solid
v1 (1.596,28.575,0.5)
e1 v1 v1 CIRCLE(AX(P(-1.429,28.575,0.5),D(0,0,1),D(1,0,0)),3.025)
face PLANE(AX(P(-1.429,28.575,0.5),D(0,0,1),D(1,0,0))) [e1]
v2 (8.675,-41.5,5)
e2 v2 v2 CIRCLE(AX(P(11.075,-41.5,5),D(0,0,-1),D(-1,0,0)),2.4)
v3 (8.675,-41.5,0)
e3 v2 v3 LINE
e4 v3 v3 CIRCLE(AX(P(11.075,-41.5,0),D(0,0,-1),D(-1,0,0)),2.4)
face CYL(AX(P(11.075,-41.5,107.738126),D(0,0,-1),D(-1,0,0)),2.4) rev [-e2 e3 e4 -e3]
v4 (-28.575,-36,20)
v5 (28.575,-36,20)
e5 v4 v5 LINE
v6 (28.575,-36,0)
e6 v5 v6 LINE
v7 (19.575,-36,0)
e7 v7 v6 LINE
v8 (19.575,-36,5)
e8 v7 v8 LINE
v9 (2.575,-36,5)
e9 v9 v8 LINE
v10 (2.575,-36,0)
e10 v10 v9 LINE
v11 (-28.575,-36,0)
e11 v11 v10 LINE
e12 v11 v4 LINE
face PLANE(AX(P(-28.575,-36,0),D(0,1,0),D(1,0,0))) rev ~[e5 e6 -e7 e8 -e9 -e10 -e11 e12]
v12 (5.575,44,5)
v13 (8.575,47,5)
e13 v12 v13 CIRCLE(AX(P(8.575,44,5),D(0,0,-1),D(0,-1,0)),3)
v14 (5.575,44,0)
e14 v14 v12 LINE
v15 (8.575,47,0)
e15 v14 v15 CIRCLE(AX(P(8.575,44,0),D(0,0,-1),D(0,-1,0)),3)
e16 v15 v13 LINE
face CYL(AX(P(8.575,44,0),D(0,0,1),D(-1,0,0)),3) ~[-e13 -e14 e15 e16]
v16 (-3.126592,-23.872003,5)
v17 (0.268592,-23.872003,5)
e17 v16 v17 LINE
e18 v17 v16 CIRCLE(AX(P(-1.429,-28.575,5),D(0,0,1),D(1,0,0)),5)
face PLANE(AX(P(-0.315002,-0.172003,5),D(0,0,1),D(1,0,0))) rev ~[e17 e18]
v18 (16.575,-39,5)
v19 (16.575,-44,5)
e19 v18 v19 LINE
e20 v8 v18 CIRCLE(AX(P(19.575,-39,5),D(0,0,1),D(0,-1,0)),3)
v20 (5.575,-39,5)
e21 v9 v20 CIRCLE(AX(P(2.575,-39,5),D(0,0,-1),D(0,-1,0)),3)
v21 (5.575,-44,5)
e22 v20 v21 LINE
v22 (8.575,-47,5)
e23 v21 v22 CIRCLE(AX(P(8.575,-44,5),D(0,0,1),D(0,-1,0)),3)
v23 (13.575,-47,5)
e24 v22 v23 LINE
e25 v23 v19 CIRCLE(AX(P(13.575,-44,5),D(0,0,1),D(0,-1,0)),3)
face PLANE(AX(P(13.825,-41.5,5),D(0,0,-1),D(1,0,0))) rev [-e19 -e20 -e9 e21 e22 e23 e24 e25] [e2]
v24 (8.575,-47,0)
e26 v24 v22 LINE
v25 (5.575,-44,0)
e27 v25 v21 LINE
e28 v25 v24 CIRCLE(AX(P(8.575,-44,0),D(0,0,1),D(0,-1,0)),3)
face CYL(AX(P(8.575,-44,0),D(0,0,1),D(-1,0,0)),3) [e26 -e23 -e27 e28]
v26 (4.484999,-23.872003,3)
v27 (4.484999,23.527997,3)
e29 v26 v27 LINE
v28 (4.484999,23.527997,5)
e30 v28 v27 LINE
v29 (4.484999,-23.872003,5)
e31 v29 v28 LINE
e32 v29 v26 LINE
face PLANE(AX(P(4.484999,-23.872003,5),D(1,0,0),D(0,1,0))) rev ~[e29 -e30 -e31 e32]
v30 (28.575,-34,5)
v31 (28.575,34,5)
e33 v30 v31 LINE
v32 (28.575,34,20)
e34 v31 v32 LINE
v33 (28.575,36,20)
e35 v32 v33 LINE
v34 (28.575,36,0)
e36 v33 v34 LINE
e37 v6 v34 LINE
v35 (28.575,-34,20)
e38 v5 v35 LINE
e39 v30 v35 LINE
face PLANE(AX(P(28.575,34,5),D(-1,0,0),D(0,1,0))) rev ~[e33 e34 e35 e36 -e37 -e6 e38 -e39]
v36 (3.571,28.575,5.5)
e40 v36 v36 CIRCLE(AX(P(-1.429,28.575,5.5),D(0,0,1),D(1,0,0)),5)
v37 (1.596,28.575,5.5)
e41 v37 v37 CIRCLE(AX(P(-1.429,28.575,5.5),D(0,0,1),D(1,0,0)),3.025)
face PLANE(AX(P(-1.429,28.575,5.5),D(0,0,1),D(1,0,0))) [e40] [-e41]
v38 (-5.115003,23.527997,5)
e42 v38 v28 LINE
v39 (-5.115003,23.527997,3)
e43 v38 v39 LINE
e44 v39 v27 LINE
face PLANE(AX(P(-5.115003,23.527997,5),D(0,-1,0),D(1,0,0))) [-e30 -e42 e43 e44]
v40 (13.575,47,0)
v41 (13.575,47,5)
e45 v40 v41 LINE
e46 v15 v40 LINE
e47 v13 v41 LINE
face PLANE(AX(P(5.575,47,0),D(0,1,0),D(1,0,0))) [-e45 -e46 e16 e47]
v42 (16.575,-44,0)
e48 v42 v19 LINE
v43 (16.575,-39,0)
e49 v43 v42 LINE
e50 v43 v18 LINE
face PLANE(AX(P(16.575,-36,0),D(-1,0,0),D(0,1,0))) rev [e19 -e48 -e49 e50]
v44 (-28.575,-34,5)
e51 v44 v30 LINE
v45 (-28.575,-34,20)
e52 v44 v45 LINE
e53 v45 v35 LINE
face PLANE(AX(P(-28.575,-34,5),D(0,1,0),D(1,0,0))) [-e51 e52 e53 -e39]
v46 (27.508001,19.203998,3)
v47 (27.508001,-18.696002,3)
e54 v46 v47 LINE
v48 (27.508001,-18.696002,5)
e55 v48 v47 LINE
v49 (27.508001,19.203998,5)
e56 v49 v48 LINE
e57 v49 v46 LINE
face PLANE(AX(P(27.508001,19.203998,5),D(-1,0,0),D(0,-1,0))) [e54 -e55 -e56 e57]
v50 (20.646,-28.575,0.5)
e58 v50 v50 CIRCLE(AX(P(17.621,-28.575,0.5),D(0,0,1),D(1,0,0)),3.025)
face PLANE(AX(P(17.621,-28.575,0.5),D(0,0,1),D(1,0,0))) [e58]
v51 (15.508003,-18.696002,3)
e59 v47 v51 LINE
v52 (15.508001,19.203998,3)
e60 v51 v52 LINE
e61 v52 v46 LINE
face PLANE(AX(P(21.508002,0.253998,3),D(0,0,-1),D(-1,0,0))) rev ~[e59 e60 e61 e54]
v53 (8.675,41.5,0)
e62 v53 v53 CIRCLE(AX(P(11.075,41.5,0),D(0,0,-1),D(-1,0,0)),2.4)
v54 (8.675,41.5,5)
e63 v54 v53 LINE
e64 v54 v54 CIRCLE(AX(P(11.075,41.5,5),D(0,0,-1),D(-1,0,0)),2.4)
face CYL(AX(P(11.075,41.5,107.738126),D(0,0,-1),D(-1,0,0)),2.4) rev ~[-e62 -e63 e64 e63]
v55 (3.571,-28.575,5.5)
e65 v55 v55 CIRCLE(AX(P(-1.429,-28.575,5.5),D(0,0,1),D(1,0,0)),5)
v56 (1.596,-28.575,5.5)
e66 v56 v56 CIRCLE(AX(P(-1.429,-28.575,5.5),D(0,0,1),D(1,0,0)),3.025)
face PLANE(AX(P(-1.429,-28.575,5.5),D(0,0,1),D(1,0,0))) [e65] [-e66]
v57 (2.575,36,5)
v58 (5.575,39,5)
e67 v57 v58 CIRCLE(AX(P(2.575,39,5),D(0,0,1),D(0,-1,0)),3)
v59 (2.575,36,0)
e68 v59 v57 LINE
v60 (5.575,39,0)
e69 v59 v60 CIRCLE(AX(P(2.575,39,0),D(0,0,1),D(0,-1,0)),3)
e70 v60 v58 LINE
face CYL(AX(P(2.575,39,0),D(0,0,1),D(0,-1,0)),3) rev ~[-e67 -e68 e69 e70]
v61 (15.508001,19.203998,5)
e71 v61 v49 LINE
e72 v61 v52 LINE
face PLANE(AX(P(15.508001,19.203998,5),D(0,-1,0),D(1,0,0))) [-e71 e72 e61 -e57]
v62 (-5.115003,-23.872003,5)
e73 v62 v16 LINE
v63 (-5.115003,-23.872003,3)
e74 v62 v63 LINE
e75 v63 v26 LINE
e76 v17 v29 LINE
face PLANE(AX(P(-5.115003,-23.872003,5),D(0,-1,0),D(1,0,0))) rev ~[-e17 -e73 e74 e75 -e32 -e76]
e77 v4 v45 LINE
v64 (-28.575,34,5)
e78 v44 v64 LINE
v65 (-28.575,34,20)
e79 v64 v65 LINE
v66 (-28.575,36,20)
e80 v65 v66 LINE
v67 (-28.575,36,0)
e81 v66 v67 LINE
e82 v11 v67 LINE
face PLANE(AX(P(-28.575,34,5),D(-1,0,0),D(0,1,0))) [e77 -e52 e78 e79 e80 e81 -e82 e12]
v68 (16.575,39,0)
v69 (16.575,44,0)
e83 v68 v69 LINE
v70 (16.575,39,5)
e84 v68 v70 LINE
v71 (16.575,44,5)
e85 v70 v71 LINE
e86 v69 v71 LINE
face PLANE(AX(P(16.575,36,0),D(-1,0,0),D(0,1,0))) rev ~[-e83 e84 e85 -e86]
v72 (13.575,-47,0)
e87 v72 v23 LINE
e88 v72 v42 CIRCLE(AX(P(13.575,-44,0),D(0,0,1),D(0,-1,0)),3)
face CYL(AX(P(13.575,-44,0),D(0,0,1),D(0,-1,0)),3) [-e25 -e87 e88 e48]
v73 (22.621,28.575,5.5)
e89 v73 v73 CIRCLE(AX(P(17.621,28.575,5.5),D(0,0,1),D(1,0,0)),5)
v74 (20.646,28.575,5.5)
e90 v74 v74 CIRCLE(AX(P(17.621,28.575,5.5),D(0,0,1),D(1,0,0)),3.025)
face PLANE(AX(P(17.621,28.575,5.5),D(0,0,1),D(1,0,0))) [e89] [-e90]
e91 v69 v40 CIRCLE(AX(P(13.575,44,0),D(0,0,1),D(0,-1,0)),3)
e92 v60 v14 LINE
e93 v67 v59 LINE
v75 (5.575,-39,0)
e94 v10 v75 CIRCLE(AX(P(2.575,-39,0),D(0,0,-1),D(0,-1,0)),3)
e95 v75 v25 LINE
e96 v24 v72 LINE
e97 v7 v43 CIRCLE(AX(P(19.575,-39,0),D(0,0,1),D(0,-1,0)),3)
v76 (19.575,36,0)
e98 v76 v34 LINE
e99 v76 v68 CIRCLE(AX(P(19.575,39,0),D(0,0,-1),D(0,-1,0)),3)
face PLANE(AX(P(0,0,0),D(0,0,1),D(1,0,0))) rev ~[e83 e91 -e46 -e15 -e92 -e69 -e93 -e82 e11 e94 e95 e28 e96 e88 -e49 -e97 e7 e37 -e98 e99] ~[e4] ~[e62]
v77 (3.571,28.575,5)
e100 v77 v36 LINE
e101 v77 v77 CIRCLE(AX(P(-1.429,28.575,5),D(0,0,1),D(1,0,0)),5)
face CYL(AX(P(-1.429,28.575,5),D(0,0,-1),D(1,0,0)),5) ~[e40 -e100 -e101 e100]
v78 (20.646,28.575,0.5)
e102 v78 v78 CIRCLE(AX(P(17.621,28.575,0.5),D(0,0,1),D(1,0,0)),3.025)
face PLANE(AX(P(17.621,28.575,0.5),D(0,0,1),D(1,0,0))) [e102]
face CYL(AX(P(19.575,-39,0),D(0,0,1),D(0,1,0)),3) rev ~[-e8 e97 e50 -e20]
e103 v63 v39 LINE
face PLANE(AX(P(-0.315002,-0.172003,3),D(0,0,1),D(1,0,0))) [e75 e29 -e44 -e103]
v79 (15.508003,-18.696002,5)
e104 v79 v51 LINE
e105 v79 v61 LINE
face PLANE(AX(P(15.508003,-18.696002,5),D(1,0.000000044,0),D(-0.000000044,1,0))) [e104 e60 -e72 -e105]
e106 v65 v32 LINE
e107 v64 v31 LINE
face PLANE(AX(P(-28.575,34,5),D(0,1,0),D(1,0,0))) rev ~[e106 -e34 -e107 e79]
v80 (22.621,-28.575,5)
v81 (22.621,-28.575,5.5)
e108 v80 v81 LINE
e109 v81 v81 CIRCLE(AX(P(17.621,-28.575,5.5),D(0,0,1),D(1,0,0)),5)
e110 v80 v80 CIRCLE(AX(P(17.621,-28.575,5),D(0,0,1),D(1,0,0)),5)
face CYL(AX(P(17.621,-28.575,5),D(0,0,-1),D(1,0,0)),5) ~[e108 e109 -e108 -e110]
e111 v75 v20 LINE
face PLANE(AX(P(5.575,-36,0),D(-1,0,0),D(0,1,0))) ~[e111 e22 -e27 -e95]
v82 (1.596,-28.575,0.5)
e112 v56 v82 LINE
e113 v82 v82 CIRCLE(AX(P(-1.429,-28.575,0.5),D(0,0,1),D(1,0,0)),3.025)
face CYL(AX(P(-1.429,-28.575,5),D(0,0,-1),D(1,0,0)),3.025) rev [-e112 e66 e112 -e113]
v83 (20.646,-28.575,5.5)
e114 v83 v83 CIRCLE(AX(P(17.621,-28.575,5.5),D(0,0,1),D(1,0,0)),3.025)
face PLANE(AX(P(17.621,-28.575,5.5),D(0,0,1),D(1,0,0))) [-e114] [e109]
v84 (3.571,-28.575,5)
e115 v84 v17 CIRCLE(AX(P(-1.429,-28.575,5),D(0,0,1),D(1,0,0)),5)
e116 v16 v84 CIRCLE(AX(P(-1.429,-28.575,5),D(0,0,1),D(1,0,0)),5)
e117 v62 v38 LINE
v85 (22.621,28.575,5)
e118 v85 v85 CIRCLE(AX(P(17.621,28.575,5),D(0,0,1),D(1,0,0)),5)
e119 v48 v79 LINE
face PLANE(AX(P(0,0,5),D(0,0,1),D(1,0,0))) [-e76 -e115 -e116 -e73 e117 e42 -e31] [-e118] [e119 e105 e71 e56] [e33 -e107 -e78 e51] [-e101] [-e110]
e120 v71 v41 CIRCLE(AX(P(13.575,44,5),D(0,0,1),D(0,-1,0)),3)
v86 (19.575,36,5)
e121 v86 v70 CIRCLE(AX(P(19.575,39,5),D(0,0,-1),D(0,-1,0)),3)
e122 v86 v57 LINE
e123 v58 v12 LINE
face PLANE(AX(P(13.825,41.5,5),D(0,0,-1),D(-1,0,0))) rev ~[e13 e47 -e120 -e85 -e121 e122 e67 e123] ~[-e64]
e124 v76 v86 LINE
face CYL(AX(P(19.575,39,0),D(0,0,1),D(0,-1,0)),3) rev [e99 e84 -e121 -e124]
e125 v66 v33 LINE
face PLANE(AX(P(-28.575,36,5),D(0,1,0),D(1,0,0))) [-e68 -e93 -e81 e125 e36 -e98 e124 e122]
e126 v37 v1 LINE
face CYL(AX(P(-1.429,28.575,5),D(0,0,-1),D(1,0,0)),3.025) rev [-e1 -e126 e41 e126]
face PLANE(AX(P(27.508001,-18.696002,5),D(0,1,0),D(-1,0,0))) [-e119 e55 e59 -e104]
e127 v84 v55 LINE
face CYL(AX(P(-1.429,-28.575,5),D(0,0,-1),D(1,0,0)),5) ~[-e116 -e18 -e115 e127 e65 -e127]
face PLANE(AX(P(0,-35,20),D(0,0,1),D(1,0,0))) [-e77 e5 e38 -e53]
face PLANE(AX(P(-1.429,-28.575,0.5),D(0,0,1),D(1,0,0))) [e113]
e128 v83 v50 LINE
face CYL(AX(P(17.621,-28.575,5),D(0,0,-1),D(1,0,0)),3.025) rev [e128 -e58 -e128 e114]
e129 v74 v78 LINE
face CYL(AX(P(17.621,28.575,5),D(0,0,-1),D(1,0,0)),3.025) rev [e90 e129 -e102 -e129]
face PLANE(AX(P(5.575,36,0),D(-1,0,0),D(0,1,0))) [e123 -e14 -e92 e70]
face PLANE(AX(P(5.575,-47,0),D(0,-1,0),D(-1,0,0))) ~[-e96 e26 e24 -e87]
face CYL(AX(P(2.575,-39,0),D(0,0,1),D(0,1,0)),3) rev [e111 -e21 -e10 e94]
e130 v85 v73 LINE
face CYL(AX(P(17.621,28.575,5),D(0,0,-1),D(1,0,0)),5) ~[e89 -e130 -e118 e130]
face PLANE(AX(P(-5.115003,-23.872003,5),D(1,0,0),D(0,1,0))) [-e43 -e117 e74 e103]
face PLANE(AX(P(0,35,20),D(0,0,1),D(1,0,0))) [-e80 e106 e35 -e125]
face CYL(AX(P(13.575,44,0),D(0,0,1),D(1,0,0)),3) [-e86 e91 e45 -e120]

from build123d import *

# Parameters (mm, degrees)
SKETCH3_W            = 57.15
SKETCH3_H            = 72
BOSS_EXTRUDE1_DEPTH  = 5
SKETCH5_R            = 5
SKETCH5_R_2          = 3.025
BOSS_EXTRUDE2_DEPTH  = 0.5
CUT_EXTRUDE1_START   = -4.5
SKETCH6_R            = 3.025
CUT_EXTRUDE1_DEPTH   = 4.5
SKETCH8_W            = 9.600002072
SKETCH8_H            = 47.399999581
CUT_EXTRUDE2_DEPTH   = 2
SKETCH10_W           = 57.15
SKETCH10_H           = 2
BOSS_EXTRUDE3_DEPTH  = 15
SKETCH11_W           = 5.5
SKETCH11_H           = 11
BOSS_EXTRUDE4_DEPTH  = 5
M4_CLEARANCE_HOLE1_D = 4.8
FILLET2_R            = 3


with BuildPart() as part:
    # Sketch3 → Boss-Extrude1 (new body)
    with BuildSketch(Plane.XY):
        Rectangle(SKETCH3_W, SKETCH3_H)
    extrude(amount=BOSS_EXTRUDE1_DEPTH)

    # Sketch5 → Boss-Extrude2 (add)
    # profile 1 of 4: a face of its own
    with BuildSketch(Plane.XY.offset(5)):
        with Locations((17.621, 28.575)):
            Circle(SKETCH5_R)
        with Locations((17.621, 28.575)):
            Circle(SKETCH5_R_2, mode=Mode.SUBTRACT)
    # profile 2 of 4: a face of its own
    with BuildSketch(Plane.XY.offset(5)):
        with Locations((17.621, -28.575)):
            Circle(SKETCH5_R)
        with Locations((17.621, -28.575)):
            Circle(SKETCH5_R_2, mode=Mode.SUBTRACT)
    # profile 3 of 4: a face of its own
    with BuildSketch(Plane.XY.offset(5)):
        with Locations((-1.429, -28.575)):
            Circle(SKETCH5_R)
        with Locations((-1.429, -28.575)):
            Circle(SKETCH5_R_2, mode=Mode.SUBTRACT)
    # profile 4 of 4: a face of its own
    with BuildSketch(Plane.XY.offset(5)):
        with Locations((-1.429, 28.575)):
            Circle(SKETCH5_R)
        with Locations((-1.429, 28.575)):
            Circle(SKETCH5_R_2, mode=Mode.SUBTRACT)
    extrude(amount=BOSS_EXTRUDE2_DEPTH)

    # Sketch6 → Cut-Extrude1 (cut)
    with BuildSketch(Plane.XY.offset(5).offset(CUT_EXTRUDE1_START)):
        with Locations((-1.429, 28.575)):
            Circle(SKETCH6_R)
        with Locations((17.621, 28.575)):
            Circle(SKETCH6_R)
        with Locations((-1.429, -28.575)):
            Circle(SKETCH6_R)
        with Locations((17.621, -28.575)):
            Circle(SKETCH6_R)
    extrude(amount=CUT_EXTRUDE1_DEPTH, mode=Mode.SUBTRACT)

    # Sketch8 → Cut-Extrude2 (cut)
    with BuildSketch(Plane.XY.offset(5)):
        with Locations((-0.315001587, -0.172003205)):
            Rectangle(SKETCH8_W, SKETCH8_H)
        Polygon((15.508001492, 19.203997676), (27.508001492, 19.203997676), (27.508001492, -18.696002324), (15.508003148, -18.696002324), align=None)
    extrude(amount=-CUT_EXTRUDE2_DEPTH, mode=Mode.SUBTRACT)

    # Sketch10 → Boss-Extrude3 (add)
    with BuildSketch(Plane.XY.offset(5)):
        with Locations((0, 35)):
            Rectangle(SKETCH10_W, SKETCH10_H)
        with Locations((0, -35)):
            Rectangle(SKETCH10_W, SKETCH10_H)
    extrude(amount=BOSS_EXTRUDE3_DEPTH)

    # Sketch11 → Boss-Extrude4 (add)
    with BuildSketch(Plane(origin=(0, 0, 0), x_dir=(-1, 0, 0), z_dir=(0, 0, -1))):
        with Locations((-13.825, 41.5)):
            Rectangle(SKETCH11_W, SKETCH11_H)
        with Locations((-8.325, 41.5)):
            Rectangle(SKETCH11_W, SKETCH11_H)
    boss_extrude4 = extrude(amount=-BOSS_EXTRUDE4_DEPTH)

    # M4 Clearance Hole1 (through all)
    with Locations(Plane.XY.offset(5)):
        with Locations((11.075, 41.5)):
            m4_clearance_hole1 = Hole(M4_CLEARANCE_HOLE1_D / 2)

    # Mirror1: Boss-Extrude4, M4 Clearance Hole1 across plane
    add(boss_extrude4.mirror(Plane.ZX))
    add(m4_clearance_hole1.mirror(Plane.ZX), mode=Mode.SUBTRACT)

    # Fillet2
    fillet2_edges = [part.edges().sort_by_distance(p)[0] for p in [
        (5.575, 36, 2.5),
        (16.575, 36, 2.5),
        (16.575, 47, 2.5),
        (5.575, 47, 2.5),
        (16.575, -36, 2.5),
        (5.575, -36, 2.5),
        (5.575, -47, 2.5),
        (16.575, -47, 2.5),
    ]]
    fillet(fillet2_edges, radius=FILLET2_R)


solid = part.part
